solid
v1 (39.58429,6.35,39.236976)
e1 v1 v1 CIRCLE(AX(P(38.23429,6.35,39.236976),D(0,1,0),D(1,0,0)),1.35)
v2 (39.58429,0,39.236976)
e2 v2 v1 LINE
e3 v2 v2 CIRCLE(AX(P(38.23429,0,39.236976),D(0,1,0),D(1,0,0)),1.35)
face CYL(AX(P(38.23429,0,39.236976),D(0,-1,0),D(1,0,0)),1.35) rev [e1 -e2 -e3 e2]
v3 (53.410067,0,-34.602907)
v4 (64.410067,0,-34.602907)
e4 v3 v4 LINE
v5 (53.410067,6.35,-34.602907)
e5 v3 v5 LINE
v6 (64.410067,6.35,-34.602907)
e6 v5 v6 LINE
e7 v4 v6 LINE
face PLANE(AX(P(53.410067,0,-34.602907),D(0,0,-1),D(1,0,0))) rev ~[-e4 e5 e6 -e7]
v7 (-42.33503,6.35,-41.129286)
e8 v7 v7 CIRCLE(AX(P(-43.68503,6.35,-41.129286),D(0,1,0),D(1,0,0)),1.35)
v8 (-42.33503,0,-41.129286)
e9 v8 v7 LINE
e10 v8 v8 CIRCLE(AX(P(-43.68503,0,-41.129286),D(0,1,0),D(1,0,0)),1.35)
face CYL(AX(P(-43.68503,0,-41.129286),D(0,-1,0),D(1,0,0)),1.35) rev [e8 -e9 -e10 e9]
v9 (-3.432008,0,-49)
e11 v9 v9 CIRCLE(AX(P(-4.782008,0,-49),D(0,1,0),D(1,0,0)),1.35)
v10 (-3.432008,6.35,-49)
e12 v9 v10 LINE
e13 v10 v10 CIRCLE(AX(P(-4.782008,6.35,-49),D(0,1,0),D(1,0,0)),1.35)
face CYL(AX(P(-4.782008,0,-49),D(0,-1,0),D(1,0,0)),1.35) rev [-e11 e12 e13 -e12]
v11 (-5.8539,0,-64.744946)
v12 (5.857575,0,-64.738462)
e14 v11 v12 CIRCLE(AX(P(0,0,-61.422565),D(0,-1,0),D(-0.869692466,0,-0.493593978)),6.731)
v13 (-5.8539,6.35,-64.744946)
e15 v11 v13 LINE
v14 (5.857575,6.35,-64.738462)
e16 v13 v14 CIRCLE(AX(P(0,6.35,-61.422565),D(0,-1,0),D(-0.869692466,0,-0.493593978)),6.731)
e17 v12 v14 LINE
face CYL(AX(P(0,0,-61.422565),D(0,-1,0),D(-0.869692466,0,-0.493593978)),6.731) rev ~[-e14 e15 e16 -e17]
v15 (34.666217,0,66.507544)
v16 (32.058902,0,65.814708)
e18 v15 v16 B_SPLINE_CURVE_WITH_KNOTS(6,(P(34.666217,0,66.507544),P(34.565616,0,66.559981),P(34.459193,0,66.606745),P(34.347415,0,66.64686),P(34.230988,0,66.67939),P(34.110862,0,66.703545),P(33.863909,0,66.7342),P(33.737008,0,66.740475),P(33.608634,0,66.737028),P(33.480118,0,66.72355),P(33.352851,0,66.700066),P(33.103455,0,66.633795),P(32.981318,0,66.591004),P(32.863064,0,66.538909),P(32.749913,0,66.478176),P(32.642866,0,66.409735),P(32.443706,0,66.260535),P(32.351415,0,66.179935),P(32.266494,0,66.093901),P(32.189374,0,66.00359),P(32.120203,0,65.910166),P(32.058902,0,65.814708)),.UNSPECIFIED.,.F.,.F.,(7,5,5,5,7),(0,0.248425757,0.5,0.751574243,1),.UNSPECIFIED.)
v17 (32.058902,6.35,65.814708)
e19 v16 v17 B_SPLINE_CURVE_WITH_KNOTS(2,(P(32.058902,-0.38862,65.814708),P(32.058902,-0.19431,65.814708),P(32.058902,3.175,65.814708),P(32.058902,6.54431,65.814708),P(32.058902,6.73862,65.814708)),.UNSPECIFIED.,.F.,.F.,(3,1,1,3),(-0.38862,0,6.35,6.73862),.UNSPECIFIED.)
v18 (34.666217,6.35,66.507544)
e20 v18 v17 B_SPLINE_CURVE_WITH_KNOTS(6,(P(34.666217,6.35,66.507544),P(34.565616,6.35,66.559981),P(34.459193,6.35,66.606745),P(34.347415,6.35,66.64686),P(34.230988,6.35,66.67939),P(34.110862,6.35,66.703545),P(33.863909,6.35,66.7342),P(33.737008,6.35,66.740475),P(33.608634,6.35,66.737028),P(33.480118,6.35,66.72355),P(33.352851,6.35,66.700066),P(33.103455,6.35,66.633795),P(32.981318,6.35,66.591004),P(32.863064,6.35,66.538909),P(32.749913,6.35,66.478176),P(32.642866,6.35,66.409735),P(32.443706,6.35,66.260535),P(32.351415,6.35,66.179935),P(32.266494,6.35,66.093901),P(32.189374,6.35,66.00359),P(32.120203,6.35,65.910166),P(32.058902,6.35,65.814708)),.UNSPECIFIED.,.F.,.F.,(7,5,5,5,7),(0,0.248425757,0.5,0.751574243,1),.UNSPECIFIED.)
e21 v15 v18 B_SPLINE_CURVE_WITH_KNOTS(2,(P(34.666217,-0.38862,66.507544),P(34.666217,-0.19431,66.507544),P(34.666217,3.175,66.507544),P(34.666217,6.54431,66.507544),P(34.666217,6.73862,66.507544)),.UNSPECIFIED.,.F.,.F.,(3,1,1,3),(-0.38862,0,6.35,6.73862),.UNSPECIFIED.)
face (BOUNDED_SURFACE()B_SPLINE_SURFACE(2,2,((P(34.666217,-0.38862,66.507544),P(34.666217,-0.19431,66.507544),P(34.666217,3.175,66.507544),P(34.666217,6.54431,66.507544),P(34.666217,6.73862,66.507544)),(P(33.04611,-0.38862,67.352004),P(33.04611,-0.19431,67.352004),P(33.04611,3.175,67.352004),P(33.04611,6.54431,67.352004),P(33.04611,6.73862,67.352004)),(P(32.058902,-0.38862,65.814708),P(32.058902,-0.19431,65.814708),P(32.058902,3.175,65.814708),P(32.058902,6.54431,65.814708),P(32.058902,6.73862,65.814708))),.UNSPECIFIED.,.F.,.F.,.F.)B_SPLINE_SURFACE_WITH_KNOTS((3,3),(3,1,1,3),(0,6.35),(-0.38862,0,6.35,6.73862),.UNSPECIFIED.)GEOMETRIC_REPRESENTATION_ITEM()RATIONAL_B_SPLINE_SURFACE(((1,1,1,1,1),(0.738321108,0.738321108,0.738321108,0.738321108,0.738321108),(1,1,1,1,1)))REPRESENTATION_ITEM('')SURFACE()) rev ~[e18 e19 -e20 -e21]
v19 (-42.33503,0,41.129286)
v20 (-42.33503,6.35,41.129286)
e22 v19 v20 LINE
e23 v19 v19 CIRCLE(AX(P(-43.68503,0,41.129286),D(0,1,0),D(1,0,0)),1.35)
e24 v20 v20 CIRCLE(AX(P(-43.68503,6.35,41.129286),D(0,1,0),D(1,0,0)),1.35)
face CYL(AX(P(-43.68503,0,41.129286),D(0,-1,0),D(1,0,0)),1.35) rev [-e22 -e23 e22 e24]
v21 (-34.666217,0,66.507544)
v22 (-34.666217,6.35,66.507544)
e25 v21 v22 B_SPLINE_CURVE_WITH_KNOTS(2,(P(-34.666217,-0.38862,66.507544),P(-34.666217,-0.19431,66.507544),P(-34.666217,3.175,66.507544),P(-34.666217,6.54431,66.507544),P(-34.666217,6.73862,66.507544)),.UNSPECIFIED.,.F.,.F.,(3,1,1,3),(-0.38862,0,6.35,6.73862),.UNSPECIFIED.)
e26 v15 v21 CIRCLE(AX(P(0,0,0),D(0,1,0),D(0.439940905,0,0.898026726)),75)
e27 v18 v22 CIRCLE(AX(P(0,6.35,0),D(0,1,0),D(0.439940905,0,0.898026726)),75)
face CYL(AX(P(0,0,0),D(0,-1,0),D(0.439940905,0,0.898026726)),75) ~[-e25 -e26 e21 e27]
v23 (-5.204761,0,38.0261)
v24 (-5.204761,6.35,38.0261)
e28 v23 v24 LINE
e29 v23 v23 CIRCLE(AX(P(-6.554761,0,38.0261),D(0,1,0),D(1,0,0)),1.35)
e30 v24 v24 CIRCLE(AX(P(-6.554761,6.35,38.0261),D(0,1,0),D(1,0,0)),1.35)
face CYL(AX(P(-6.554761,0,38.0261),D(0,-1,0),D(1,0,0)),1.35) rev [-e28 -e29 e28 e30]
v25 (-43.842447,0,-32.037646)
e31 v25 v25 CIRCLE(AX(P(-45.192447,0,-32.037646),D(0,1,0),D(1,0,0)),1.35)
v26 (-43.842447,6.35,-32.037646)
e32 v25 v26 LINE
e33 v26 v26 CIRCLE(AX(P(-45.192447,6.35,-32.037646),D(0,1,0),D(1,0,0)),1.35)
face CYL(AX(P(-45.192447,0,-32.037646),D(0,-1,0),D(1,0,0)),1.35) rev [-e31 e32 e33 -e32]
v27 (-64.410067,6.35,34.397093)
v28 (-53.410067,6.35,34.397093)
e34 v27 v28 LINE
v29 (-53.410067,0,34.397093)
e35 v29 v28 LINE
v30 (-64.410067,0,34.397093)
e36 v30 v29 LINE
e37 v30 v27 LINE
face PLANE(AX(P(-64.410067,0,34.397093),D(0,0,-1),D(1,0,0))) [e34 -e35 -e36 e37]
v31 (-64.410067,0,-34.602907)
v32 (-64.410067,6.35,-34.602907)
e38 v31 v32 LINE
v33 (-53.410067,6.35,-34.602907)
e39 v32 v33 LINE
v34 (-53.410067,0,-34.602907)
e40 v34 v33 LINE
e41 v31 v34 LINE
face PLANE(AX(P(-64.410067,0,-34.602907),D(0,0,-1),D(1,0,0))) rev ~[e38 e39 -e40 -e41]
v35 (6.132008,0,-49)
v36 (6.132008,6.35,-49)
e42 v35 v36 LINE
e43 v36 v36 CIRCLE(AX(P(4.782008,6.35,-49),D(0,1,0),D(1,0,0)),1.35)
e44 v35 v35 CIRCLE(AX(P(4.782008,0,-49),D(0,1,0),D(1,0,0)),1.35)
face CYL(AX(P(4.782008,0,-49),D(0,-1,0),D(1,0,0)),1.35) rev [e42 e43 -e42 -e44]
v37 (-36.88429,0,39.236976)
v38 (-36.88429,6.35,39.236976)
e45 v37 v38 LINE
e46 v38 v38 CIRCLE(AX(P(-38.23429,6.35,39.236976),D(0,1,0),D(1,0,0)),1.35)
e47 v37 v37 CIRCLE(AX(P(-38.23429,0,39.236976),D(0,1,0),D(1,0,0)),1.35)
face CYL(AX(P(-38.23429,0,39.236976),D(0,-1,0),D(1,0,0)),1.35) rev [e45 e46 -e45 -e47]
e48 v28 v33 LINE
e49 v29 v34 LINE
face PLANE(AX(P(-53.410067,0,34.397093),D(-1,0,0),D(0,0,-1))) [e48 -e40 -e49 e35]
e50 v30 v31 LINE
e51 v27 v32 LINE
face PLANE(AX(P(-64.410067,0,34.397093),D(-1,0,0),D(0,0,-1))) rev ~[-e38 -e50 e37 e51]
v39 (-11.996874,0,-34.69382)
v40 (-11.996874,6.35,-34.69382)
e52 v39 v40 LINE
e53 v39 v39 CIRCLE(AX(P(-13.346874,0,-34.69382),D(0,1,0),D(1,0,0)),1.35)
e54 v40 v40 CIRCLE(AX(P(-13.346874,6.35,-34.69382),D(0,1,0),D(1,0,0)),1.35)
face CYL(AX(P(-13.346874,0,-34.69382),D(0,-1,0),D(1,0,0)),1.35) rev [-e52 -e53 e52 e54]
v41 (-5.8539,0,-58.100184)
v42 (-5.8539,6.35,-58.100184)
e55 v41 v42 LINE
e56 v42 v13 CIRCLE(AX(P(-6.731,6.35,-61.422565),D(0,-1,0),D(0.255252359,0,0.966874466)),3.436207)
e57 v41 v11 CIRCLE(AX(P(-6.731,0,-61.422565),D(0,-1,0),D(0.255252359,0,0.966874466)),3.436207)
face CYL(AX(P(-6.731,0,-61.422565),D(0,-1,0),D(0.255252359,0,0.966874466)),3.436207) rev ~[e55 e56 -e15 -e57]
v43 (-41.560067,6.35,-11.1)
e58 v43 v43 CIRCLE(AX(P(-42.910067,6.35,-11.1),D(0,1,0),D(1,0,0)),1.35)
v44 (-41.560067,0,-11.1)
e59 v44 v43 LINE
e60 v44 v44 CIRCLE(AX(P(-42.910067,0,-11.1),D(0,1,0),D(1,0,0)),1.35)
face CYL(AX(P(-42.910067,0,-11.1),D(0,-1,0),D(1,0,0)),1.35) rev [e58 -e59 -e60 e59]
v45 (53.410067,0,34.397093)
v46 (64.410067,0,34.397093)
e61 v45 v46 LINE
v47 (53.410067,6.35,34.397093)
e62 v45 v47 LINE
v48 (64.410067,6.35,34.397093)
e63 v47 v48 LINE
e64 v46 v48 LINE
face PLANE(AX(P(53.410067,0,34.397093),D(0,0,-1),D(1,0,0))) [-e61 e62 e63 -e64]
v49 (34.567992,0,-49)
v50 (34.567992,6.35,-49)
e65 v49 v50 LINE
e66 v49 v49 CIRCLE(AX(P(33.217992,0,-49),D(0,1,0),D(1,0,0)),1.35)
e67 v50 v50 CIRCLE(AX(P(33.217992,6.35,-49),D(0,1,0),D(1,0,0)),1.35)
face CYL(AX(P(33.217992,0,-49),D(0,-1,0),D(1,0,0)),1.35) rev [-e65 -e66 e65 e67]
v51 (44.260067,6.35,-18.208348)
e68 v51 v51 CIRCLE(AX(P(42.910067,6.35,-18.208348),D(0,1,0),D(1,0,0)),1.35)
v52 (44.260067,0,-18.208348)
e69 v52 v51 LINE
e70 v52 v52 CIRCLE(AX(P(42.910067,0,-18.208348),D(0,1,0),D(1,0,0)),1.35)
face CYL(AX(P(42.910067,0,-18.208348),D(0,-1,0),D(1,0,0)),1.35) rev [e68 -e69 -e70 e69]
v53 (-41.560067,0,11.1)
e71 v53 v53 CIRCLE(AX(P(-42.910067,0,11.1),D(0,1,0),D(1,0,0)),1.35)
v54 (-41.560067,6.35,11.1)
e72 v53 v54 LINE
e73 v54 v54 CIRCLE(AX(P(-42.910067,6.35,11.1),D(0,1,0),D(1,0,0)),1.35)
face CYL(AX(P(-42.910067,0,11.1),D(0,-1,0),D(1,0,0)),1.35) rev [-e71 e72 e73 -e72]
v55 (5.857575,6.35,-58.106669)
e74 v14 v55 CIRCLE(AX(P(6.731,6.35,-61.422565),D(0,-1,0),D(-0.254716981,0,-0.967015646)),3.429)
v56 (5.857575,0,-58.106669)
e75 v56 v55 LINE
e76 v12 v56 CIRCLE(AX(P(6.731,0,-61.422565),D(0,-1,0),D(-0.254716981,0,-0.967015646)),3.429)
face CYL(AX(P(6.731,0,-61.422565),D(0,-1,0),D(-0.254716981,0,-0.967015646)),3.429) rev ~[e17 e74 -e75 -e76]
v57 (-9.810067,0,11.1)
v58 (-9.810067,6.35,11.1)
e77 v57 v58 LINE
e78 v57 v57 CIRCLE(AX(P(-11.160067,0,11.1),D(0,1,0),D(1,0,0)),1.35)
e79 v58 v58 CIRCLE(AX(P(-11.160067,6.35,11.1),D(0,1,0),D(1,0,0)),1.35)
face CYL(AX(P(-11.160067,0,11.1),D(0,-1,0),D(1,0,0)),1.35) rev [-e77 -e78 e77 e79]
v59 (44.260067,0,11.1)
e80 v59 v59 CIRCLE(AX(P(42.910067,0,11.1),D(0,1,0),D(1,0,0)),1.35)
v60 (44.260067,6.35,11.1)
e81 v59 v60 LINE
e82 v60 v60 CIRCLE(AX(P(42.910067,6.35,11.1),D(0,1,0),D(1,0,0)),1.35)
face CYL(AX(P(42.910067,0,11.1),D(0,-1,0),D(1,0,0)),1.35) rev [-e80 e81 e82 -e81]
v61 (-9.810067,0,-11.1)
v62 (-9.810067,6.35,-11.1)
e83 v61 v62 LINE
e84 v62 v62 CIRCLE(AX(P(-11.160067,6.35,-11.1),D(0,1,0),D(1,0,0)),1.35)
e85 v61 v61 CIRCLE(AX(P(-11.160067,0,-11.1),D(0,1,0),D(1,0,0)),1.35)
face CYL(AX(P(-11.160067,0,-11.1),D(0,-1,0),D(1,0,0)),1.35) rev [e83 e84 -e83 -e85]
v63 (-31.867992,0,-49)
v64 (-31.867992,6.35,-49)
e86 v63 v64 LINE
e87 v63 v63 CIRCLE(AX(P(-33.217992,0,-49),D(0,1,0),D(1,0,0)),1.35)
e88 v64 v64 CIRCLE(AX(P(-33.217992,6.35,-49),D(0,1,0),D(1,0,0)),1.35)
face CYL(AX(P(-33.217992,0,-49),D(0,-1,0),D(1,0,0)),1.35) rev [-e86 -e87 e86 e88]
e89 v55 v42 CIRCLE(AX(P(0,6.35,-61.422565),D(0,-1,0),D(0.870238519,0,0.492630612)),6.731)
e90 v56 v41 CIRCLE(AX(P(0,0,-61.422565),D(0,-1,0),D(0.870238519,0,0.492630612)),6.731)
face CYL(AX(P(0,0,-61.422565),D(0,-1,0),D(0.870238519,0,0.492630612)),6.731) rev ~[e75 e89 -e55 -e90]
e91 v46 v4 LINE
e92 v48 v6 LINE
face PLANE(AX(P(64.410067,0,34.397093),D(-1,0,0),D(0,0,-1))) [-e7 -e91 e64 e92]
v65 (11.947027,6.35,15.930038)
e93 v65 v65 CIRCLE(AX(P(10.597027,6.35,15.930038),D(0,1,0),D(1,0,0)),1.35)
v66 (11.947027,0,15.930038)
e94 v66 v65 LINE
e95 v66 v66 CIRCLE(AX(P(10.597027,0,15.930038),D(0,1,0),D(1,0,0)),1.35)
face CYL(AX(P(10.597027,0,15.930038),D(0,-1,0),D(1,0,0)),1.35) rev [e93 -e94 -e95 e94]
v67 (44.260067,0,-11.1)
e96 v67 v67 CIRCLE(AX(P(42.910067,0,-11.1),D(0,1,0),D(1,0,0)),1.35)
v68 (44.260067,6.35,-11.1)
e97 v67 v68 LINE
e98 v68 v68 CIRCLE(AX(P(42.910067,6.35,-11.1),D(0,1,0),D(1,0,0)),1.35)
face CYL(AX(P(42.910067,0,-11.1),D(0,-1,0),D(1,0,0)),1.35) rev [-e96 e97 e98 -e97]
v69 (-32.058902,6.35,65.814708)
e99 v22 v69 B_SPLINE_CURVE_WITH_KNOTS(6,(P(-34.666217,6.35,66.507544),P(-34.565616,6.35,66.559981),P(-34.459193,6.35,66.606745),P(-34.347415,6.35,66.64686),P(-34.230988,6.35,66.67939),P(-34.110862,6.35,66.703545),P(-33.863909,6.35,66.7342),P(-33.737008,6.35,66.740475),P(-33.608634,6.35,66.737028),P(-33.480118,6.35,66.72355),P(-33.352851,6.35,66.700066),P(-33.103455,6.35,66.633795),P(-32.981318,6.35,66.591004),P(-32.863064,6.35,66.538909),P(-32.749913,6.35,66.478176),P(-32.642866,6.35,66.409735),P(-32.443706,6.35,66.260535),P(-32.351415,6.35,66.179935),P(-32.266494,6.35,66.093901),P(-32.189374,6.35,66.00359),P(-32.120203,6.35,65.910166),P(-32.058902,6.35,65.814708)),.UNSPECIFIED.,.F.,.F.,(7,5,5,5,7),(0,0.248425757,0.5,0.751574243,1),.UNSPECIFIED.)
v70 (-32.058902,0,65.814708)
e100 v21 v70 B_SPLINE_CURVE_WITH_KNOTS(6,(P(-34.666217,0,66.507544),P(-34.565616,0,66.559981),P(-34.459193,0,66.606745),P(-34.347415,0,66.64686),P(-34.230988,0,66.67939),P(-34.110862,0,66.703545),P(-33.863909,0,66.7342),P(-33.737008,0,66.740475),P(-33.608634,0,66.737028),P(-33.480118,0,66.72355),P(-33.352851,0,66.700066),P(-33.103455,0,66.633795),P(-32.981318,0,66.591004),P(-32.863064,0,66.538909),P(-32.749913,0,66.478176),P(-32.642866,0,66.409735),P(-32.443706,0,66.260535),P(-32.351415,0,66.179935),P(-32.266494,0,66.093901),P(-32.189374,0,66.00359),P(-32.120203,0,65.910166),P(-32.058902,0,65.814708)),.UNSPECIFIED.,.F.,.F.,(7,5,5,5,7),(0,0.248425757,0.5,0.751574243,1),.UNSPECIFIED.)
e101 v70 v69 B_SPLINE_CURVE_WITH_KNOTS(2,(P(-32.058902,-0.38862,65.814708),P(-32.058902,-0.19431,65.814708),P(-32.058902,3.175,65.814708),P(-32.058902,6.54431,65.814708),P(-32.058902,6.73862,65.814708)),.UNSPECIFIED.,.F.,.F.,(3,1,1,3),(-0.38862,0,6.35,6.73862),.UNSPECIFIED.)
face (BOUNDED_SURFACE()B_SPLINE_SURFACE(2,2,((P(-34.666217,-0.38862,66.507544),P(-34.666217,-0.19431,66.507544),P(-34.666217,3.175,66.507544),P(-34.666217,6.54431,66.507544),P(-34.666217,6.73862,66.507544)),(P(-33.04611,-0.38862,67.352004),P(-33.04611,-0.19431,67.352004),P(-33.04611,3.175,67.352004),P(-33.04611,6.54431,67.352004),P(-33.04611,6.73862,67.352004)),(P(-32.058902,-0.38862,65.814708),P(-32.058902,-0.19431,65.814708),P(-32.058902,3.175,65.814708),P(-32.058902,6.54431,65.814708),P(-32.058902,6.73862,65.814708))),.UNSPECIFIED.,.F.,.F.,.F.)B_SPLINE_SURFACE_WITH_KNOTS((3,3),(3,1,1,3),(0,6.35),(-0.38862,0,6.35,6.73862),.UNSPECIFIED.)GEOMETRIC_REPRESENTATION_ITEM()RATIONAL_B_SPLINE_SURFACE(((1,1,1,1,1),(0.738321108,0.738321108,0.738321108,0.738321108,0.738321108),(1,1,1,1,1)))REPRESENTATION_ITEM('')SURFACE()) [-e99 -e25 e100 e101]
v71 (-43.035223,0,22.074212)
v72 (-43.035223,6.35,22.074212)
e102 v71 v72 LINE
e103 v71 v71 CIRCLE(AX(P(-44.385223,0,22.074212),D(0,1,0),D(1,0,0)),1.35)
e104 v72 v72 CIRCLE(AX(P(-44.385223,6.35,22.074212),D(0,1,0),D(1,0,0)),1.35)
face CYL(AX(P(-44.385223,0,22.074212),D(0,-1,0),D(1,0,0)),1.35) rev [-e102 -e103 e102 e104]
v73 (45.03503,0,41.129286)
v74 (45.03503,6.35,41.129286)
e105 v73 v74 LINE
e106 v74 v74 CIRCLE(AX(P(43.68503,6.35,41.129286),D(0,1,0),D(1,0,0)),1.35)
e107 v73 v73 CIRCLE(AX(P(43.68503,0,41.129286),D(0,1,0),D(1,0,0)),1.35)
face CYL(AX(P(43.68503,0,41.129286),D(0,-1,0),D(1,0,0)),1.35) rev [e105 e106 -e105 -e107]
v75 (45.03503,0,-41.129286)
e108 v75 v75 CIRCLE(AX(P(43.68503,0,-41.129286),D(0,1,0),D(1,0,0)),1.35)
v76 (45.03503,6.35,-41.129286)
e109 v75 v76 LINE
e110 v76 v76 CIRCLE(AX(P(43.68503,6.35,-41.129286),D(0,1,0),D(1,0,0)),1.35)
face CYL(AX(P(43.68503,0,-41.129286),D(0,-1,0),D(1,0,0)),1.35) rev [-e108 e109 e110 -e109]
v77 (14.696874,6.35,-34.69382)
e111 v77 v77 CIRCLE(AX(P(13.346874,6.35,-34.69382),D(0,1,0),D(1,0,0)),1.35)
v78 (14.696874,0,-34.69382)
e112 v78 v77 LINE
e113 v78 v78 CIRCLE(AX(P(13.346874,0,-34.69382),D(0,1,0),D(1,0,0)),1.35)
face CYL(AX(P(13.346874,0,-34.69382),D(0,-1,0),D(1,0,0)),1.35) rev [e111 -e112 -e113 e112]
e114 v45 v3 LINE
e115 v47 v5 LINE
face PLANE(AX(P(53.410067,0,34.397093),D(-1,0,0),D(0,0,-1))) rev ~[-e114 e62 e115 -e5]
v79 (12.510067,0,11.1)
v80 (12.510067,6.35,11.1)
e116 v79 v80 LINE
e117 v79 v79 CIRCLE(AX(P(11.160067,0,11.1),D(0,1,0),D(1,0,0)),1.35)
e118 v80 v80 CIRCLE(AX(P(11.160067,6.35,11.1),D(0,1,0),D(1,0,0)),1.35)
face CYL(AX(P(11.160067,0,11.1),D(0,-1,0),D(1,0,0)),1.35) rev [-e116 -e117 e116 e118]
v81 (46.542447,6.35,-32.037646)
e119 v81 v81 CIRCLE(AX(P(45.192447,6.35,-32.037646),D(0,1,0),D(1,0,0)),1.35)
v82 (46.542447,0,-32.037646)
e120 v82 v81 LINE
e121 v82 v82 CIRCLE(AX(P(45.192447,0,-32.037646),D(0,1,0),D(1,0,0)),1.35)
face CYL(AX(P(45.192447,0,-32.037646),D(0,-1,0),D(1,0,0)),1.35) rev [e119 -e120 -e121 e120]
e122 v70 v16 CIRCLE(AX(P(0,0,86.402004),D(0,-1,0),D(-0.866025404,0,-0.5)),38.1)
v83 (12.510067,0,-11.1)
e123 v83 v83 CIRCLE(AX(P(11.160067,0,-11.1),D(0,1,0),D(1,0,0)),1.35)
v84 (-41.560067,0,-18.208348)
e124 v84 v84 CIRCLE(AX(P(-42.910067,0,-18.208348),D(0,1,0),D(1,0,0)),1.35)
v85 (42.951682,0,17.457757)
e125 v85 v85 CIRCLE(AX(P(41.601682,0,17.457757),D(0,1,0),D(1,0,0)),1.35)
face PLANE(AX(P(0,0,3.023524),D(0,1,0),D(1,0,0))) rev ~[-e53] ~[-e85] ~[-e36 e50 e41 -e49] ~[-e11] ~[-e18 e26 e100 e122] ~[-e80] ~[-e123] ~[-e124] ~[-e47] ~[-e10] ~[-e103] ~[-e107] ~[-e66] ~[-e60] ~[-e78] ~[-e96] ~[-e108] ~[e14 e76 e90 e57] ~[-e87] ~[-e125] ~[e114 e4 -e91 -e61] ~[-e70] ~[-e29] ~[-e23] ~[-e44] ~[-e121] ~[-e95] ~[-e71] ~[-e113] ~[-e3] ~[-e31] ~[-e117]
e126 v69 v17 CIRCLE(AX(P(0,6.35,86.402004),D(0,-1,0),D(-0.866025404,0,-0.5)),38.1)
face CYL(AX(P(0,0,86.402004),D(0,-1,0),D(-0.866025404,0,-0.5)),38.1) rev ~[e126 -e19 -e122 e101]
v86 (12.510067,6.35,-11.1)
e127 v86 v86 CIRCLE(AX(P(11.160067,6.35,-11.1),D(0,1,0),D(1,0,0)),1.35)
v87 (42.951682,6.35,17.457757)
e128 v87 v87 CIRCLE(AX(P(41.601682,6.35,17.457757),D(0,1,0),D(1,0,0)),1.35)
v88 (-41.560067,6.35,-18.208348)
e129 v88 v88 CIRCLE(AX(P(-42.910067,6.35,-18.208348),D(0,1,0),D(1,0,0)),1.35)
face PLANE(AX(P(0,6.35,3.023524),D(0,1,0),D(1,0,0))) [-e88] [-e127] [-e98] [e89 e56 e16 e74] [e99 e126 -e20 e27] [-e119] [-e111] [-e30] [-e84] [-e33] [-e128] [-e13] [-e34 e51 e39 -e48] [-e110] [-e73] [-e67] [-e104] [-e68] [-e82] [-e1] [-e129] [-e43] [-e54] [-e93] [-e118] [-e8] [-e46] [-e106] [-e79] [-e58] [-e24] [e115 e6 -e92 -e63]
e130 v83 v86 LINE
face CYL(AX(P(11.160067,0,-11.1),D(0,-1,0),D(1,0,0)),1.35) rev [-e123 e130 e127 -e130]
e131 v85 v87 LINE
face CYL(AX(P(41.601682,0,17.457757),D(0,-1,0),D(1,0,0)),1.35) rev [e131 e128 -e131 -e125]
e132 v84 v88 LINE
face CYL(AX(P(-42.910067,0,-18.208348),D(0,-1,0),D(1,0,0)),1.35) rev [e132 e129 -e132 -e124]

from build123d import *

# Parameters (mm, degrees)
SKETCH1_R           = 1.35
SKETCH1_W           = 11
SKETCH1_H           = 69
BOSS_EXTRUDE1_DEPTH = 6.35
FILLET1_R           = 2


with BuildPart() as part:
    # Sketch1 → Boss-Extrude1 (new body)
    with BuildSketch(Plane(origin=(0, 0, 0), x_dir=(1, 0, 0), z_dir=(0, 1, 0))):
        with BuildLine():
            ThreePointArc((32.995567884, -67.352004425), (0, 75), (-32.995567884, -67.352004425))
            ThreePointArc((-32.995567884, -67.352004425), (0, -48.302004425), (32.995567884, -67.352004425))
        make_face()
        with Locations((-42.910067426, 18.208347884)):
            Circle(SKETCH1_R, mode=Mode.SUBTRACT)
        with Locations((42.910067426, 18.208347884)):
            Circle(SKETCH1_R, mode=Mode.SUBTRACT)
        with Locations((-33.21799214, 49)):
            Circle(SKETCH1_R, mode=Mode.SUBTRACT)
        with Locations((-4.78200786, 49)):
            Circle(SKETCH1_R, mode=Mode.SUBTRACT)
        with Locations((4.78200786, 49)):
            Circle(SKETCH1_R, mode=Mode.SUBTRACT)
        with Locations((33.21799214, 49)):
            Circle(SKETCH1_R, mode=Mode.SUBTRACT)
        with Locations((-42.910067426, 11.1)):
            Circle(SKETCH1_R, mode=Mode.SUBTRACT)
        with Locations((-42.910067426, -11.1)):
            Circle(SKETCH1_R, mode=Mode.SUBTRACT)
        with Locations((-11.160067426, -11.1)):
            Circle(SKETCH1_R, mode=Mode.SUBTRACT)
        with Locations((-11.160067426, 11.1)):
            Circle(SKETCH1_R, mode=Mode.SUBTRACT)
        with Locations((11.160067426, 11.1)):
            Circle(SKETCH1_R, mode=Mode.SUBTRACT)
        with Locations((11.160067426, -11.1)):
            Circle(SKETCH1_R, mode=Mode.SUBTRACT)
        with Locations((42.910067426, -11.1)):
            Circle(SKETCH1_R, mode=Mode.SUBTRACT)
        with Locations((42.910067426, 11.1)):
            Circle(SKETCH1_R, mode=Mode.SUBTRACT)
        with Locations((45.192446616, 32.037646433)):
            Circle(SKETCH1_R, mode=Mode.SUBTRACT)
        with Locations((-45.192446616, 32.037646433)):
            Circle(SKETCH1_R, mode=Mode.SUBTRACT)
        with Locations((13.346873881, 34.693819966)):
            Circle(SKETCH1_R, mode=Mode.SUBTRACT)
        with Locations((-6.55476095, -38.026099982)):
            Circle(SKETCH1_R, mode=Mode.SUBTRACT)
        with Locations((-13.346873881, 34.693819966)):
            Circle(SKETCH1_R, mode=Mode.SUBTRACT)
        with Locations((10.597026674, -15.930038136)):
            Circle(SKETCH1_R, mode=Mode.SUBTRACT)
        with Locations((-38.234289702, -39.23697625)):
            Circle(SKETCH1_R, mode=Mode.SUBTRACT)
        with Locations((-43.68503018, -41.129285651)):
            Circle(SKETCH1_R, mode=Mode.SUBTRACT)
        with Locations((-43.68503018, 41.129285651)):
            Circle(SKETCH1_R, mode=Mode.SUBTRACT)
        with Locations((43.68503018, -41.129285651)):
            Circle(SKETCH1_R, mode=Mode.SUBTRACT)
        with Locations((43.68503018, 41.129285651)):
            Circle(SKETCH1_R, mode=Mode.SUBTRACT)
        with Locations((-44.385223141, -22.074211772)):
            Circle(SKETCH1_R, mode=Mode.SUBTRACT)
        with Locations((41.601681906, -17.457756634)):
            Circle(SKETCH1_R, mode=Mode.SUBTRACT)
        with Locations((38.234289702, -39.23697625)):
            Circle(SKETCH1_R, mode=Mode.SUBTRACT)
        with Locations((58.910067426, 0.102907352)):
            Rectangle(SKETCH1_W, SKETCH1_H, mode=Mode.SUBTRACT)
        with Locations((-58.910067426, 0.102907352)):
            Rectangle(SKETCH1_W, SKETCH1_H, mode=Mode.SUBTRACT)
        with BuildLine():
            ThreePointArc((-5.853899988, 64.744946271), (0.003726822, 68.153564176), (5.857575472, 64.738461857))
            ThreePointArc((5.857575472, 64.738461857), (10.16, 61.422565207), (5.857575472, 58.106668557))
            ThreePointArc((5.857575472, 58.106668557), (0.003726822, 54.691566239), (-5.853899988, 58.100184144))
            ThreePointArc((-5.853899988, 58.100184144), (-10.167207264, 61.422565207), (-5.853899988, 64.744946271))
        make_face(mode=Mode.SUBTRACT)
    extrude(amount=BOSS_EXTRUDE1_DEPTH)

    # Fillet1
    fillet1_edges = [part.edges().sort_by_distance(p)[0] for p in [
        (-32.995567884, 3.175, 67.352004425),
        (32.995567884, 3.175, 67.352004425),
    ]]
    fillet(fillet1_edges, radius=FILLET1_R)


solid = part.part
